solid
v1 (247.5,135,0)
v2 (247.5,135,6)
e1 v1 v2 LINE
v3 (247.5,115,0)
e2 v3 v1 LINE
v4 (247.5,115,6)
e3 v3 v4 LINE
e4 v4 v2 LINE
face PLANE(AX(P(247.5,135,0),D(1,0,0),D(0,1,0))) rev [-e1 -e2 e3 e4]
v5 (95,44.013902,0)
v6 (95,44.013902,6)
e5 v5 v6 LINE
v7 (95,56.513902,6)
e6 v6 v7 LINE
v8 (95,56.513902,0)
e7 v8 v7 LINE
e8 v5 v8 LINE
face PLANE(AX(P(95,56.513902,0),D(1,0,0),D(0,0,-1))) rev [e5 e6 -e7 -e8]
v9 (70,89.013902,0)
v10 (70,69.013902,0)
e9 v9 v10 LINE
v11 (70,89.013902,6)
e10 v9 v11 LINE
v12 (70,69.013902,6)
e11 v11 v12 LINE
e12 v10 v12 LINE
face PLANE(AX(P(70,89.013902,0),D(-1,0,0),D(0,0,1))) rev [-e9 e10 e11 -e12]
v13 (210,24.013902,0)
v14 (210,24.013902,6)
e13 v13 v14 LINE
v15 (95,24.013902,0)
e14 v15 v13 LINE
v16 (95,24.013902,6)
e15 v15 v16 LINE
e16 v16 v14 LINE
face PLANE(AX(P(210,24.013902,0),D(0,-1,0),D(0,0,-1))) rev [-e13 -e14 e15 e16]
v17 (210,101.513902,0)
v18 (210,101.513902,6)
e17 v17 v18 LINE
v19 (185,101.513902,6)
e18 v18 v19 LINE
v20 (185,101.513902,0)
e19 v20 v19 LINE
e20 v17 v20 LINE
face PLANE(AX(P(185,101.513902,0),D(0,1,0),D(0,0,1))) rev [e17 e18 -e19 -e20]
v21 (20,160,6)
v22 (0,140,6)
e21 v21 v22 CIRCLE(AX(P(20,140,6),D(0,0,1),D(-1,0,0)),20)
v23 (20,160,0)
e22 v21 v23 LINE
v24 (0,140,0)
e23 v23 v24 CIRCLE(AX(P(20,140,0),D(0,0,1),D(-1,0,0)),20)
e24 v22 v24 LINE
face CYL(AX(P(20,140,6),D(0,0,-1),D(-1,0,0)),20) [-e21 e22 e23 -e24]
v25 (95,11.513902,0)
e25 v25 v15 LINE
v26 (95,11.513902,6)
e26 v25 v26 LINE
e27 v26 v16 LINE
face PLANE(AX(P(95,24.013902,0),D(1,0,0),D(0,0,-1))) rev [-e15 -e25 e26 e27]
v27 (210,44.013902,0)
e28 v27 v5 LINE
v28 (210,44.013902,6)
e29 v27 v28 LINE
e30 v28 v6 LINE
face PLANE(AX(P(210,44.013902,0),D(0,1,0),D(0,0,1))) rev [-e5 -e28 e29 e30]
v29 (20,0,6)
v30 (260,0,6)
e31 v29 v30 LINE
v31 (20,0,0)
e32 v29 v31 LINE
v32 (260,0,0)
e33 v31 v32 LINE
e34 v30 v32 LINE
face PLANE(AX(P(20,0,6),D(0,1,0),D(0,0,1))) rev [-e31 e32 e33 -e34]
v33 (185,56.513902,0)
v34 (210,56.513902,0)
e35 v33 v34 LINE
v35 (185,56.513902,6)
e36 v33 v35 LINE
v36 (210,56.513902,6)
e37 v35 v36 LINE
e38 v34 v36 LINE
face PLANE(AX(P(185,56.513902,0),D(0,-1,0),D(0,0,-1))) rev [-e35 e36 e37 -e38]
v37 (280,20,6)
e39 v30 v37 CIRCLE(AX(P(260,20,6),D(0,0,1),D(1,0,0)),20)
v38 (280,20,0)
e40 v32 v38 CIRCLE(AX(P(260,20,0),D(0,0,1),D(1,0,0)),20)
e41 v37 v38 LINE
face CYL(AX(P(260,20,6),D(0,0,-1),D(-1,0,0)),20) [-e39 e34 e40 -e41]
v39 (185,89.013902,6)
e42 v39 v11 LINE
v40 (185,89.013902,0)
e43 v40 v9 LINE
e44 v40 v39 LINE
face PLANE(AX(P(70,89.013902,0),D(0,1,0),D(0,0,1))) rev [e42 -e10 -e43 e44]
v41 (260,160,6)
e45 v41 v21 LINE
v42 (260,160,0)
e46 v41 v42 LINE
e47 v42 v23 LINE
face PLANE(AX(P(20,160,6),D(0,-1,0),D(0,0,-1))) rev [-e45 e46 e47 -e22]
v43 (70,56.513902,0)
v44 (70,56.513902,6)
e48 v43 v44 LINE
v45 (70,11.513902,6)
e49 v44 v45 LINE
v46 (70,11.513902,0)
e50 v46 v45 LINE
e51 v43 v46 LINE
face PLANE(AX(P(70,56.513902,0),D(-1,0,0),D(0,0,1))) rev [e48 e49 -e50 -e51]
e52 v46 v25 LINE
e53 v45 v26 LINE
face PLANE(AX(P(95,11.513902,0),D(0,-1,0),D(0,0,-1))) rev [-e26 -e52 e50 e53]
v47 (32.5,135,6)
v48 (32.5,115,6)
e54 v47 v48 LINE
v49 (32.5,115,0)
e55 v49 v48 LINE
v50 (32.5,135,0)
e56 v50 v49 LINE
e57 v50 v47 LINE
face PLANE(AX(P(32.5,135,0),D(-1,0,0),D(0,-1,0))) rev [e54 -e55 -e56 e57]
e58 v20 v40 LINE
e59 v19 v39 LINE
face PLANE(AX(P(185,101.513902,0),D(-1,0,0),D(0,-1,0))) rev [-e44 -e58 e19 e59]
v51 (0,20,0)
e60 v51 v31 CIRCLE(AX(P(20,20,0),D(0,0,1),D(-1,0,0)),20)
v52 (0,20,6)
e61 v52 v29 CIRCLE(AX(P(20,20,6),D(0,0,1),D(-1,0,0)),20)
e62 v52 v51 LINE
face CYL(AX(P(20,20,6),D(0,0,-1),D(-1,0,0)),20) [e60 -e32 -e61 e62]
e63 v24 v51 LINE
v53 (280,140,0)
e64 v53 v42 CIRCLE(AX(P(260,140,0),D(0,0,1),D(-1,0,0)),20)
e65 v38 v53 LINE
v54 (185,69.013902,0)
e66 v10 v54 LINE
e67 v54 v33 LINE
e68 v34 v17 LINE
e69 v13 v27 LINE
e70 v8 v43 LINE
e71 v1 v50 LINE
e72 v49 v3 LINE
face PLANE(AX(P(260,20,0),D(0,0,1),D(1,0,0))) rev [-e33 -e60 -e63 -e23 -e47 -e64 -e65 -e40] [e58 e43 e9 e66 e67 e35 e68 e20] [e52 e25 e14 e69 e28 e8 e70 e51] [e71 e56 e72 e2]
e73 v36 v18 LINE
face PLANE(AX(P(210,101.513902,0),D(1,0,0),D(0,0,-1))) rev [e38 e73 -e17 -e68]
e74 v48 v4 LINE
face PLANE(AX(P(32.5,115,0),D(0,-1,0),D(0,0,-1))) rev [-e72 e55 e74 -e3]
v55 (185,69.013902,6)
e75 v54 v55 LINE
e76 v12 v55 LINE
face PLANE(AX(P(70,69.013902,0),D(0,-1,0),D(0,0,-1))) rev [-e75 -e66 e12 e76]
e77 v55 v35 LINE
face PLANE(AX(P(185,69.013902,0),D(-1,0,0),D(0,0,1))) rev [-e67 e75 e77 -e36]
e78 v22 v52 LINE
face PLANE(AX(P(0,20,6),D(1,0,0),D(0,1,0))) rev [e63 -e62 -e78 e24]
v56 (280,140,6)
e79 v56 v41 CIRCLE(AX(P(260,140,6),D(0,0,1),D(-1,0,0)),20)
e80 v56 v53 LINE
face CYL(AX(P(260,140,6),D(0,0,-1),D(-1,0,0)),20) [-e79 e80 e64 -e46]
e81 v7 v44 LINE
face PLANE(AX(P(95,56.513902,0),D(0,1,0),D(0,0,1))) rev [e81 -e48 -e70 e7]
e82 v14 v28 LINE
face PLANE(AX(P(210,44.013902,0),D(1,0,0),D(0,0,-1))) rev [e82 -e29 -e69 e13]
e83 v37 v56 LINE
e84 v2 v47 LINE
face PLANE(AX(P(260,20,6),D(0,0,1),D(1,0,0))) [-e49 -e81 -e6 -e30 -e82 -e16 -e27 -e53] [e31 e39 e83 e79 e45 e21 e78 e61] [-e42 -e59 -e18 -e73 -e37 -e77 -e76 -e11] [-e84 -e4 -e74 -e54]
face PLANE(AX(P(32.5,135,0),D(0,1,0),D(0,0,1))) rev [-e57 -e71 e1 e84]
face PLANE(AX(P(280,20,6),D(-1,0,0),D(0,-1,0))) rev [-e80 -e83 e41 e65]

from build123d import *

# Parameters (mm, degrees)
BOSS_EXTRUDE1_DEPTH = 6
SKETCH2_W           = 215
SKETCH2_H           = 20
CUT_EXTRUDE1_DEPTH  = 6


with BuildPart() as part:
    # Sketch1 → Boss-Extrude1 (new body)
    with BuildSketch(Plane.XY):
        with BuildLine():
            Line((20, 0), (260, 0))
            ThreePointArc((260, 0), (274.142135624, 5.857864376), (280, 20))
            Line((280, 20), (280, 140))
            ThreePointArc((280, 140), (274.142135624, 154.142135624), (260, 160))
            Line((260, 160), (20, 160))
            ThreePointArc((20, 160), (5.857864376, 154.142135624), (0, 140))
            Line((0, 140), (0, 20))
            ThreePointArc((0, 20), (5.857864376, 5.857864376), (20, 0))
        make_face()
    extrude(amount=BOSS_EXTRUDE1_DEPTH)

    # Sketch2 → Cut-Extrude1 (cut)
    with BuildSketch(Plane.XY.offset(6)):
        with Locations((140, 125)):
            Rectangle(SKETCH2_W, SKETCH2_H)
        Polygon((70, 89.013901834), (185, 89.013901834), (185, 101.513901834), (210, 101.513901834), (210, 56.513901834), (185, 56.513901834), (185, 69.013901834), (70, 69.013901834), align=None)
        Polygon((95, 56.513901834), (95, 44.013901834), (210, 44.013901834), (210, 24.013901834), (95, 24.013901834), (95, 11.513901834), (70, 11.513901834), (70, 56.513901834), align=None)
    extrude(amount=-CUT_EXTRUDE1_DEPTH, mode=Mode.SUBTRACT)


solid = part.part
